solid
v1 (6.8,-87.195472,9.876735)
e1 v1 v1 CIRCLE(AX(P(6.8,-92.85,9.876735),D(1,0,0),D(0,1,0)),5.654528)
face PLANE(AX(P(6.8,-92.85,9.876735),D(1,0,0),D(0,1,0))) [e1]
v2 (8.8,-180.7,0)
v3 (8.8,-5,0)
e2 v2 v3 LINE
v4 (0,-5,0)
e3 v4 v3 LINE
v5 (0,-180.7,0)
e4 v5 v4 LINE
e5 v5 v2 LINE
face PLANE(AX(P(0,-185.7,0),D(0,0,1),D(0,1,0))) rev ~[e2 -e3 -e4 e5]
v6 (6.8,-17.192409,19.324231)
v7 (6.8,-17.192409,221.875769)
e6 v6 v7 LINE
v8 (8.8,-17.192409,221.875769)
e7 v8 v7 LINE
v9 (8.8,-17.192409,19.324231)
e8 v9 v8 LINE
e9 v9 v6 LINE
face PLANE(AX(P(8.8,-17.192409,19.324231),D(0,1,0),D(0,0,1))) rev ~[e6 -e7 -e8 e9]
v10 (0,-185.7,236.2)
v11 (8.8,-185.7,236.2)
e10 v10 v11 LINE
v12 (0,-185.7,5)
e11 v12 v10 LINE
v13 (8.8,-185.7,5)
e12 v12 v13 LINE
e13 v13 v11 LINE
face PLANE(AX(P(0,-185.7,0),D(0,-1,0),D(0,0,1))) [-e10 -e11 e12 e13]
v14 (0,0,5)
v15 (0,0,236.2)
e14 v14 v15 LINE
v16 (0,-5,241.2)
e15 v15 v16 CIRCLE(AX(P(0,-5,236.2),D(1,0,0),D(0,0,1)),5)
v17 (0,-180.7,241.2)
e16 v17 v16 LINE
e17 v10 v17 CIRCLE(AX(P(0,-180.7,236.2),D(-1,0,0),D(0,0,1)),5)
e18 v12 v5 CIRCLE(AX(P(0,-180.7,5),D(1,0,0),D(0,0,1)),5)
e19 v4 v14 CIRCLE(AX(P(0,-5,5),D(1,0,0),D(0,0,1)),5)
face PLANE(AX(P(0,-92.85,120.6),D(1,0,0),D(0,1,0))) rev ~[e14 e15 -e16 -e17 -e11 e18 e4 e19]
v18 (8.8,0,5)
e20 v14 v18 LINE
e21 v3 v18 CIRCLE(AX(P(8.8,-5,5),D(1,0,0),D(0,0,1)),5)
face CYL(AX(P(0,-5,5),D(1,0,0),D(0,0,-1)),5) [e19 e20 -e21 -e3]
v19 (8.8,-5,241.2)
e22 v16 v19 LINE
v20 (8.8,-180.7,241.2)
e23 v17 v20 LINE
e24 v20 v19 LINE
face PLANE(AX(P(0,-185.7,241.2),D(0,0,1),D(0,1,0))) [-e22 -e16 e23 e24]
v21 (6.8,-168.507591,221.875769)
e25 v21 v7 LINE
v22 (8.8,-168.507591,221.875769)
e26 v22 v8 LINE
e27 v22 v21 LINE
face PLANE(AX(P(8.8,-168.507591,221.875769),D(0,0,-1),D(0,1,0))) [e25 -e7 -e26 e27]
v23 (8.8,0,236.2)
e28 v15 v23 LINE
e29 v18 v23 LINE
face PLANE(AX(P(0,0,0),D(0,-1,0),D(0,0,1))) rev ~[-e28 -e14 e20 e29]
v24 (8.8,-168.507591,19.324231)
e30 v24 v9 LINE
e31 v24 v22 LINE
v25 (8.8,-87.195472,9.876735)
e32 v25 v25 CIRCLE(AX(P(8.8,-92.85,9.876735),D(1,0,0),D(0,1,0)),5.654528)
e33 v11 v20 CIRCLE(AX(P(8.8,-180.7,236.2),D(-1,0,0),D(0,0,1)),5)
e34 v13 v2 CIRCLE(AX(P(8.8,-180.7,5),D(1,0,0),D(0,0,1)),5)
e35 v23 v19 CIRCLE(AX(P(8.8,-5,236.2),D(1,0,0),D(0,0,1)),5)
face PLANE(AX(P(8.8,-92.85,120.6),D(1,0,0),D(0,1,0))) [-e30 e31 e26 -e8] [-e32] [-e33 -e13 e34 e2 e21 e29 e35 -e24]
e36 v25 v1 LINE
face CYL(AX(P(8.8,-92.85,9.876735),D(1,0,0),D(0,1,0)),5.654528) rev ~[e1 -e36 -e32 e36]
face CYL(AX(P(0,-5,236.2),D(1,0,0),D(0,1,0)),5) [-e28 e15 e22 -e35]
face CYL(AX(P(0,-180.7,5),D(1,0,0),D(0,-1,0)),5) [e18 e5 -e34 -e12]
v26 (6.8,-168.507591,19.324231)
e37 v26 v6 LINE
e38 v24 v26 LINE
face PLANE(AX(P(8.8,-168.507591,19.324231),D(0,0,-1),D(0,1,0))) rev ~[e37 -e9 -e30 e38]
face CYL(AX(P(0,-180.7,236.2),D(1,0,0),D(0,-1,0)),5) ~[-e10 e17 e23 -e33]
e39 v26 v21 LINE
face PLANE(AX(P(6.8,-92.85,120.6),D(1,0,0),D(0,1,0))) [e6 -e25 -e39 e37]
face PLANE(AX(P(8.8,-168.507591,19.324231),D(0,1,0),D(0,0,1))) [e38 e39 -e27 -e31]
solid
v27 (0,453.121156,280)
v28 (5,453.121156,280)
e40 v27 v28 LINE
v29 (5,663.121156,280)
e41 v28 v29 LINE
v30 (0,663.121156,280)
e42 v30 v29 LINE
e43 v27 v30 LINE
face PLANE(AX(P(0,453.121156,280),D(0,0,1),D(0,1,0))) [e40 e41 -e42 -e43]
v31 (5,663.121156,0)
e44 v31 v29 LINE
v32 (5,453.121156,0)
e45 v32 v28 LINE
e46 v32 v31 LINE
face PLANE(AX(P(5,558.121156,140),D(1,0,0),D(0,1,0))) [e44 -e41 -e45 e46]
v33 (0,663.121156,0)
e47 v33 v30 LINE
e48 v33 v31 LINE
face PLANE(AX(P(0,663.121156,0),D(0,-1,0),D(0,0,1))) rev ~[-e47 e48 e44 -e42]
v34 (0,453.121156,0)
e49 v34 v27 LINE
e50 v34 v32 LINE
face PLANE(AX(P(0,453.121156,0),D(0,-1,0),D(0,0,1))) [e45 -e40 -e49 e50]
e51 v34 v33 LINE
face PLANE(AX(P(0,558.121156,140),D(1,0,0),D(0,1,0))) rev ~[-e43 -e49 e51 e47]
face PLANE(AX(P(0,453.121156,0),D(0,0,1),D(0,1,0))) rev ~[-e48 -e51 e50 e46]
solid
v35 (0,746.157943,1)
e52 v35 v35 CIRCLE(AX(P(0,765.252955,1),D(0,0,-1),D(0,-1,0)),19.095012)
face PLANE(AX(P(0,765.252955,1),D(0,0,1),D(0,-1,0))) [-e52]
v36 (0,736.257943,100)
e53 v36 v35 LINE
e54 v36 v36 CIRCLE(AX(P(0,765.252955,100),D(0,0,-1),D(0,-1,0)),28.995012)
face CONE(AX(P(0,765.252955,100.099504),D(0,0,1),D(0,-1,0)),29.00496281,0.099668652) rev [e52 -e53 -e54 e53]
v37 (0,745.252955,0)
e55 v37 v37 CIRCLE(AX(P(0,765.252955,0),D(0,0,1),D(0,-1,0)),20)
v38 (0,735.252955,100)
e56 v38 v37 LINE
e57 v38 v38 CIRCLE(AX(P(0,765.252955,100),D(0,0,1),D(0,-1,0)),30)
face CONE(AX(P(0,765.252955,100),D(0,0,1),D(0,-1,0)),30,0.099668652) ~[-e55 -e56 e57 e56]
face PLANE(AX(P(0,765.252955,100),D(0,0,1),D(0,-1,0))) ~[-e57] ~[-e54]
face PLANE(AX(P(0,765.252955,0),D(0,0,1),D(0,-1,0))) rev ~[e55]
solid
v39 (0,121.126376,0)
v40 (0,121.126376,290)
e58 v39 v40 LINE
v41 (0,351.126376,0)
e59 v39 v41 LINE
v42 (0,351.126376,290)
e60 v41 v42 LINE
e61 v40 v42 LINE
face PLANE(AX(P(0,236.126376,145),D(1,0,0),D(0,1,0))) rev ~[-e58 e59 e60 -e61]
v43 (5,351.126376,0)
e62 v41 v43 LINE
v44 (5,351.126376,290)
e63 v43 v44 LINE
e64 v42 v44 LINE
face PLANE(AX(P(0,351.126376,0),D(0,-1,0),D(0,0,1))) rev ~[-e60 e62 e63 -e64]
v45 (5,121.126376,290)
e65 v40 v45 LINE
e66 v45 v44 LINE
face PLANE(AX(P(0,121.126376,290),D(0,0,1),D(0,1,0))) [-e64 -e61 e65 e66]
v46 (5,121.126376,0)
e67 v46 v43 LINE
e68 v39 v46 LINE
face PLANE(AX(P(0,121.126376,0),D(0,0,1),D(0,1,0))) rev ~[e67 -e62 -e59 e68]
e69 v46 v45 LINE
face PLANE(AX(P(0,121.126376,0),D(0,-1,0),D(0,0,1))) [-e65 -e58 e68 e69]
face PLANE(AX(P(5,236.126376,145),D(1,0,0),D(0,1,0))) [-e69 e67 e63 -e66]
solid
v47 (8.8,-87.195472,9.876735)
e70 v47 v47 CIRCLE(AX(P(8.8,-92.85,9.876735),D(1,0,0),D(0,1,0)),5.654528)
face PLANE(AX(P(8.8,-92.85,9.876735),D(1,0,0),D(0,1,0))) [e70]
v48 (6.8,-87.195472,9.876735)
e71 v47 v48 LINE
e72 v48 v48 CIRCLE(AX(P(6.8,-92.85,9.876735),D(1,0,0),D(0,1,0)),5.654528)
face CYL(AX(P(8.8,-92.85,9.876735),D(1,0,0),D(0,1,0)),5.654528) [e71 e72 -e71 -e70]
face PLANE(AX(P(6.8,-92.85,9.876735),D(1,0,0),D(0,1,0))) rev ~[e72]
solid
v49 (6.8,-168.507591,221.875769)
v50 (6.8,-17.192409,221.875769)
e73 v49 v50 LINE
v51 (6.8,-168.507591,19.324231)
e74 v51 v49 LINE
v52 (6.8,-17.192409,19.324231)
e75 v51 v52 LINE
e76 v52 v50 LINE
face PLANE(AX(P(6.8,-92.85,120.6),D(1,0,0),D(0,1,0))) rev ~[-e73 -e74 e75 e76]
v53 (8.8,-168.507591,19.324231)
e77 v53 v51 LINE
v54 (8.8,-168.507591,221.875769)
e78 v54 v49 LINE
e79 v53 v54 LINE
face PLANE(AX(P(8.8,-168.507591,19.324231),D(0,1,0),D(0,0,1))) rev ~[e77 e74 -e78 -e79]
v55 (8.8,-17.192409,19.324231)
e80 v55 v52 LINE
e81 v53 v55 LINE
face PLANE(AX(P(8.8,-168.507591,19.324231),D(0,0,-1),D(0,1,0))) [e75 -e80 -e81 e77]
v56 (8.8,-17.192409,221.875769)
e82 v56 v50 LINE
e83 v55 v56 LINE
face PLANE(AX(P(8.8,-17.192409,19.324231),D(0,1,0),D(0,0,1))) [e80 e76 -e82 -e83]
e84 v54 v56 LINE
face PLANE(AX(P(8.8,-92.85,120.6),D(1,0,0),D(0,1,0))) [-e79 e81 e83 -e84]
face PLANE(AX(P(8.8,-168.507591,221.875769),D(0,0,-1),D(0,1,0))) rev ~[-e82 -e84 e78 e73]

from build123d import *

# Parameters (mm, degrees)
F0_W     = 185.7
F0_H     = 241.2
F1_DEPTH = 8.8
F2_R     = 5
F3_W     = 151.3151817799
F3_H     = 202.5515388392
F4_DEPTH = 2
F3_R     = 5.6545276432
F0_W_2   = 230
F0_H_2   = 290
F6_DEPTH = 5
F0_W_3   = 210
F0_H_3   = 280
F8_T     = -1


with BuildPart() as f1:
    # F0 (on Right) → F1 (new body)
    with BuildSketch(Plane.YZ):
        with Locations((-92.85, 120.6)):
            Rectangle(F0_W, F0_H)
    extrude(amount=F1_DEPTH)

    # F2
    f2_edges = [f1.edges().sort_by_distance(p)[0] for p in [
        (4.4, -185.7, 241.2),
        (4.4, 0, 241.2),
        (4.4, -185.7, 0),
        (4.4, 0, 0),
    ]]
    fillet(f2_edges, radius=F2_R)


with BuildPart() as f4:
    # F3 (on face) → F4 (new body)
    with BuildSketch(Plane.YZ.offset(8.8)):
        with Locations((-92.85, 120.6)):
            Rectangle(F3_W, F3_H)
    extrude(amount=-F4_DEPTH)


with BuildPart() as f4b:
    # F3 (on face) → F4, piece 2 (new body)
    with BuildSketch(Plane.YZ.offset(8.8)):
        with Locations((-92.85, 9.8767345771)):
            Circle(F3_R)
    extrude(amount=-F4_DEPTH)


with BuildPart() as f1_1:
    add(f1.part)

    # F5: cut F4, F4b
    add(f4.part, mode=Mode.SUBTRACT)
    add(f4b.part, mode=Mode.SUBTRACT)


with BuildPart() as f6:
    # F0 (on Right) → F6 (new body)
    with BuildSketch(Plane.YZ):
        with Locations((236.1263760924, 145)):
            Rectangle(F0_W_2, F0_H_2)
    extrude(amount=F6_DEPTH)


with BuildPart() as f6b:
    # F0 (on Right) → F6, piece 2 (new body)
    with BuildSketch(Plane.YZ):
        with Locations((558.1211555004, 140)):
            Rectangle(F0_W_3, F0_H_3)
    extrude(amount=F6_DEPTH)


with BuildPart() as f7:
    # F0 (on Right) → F7 (revolve)
    with BuildSketch(Plane.YZ):
        Polygon((745.2529549599, 0), (765.2529549599, 0), (765.2529549599, 100), (735.2529549599, 100), align=None)
    revolve(axis=Axis((0, 765.2529549599, 50), (0, 0, 1)))

    # F8
    f8_openings = [f7.faces().sort_by_distance(p)[0] for p in [
        (0, 765.252955, 100),
    ]]
    offset(amount=F8_T, openings=f8_openings)


solid = Compound([f4.part, f4b.part, f1_1.part, f6.part, f6b.part, f7.part])
